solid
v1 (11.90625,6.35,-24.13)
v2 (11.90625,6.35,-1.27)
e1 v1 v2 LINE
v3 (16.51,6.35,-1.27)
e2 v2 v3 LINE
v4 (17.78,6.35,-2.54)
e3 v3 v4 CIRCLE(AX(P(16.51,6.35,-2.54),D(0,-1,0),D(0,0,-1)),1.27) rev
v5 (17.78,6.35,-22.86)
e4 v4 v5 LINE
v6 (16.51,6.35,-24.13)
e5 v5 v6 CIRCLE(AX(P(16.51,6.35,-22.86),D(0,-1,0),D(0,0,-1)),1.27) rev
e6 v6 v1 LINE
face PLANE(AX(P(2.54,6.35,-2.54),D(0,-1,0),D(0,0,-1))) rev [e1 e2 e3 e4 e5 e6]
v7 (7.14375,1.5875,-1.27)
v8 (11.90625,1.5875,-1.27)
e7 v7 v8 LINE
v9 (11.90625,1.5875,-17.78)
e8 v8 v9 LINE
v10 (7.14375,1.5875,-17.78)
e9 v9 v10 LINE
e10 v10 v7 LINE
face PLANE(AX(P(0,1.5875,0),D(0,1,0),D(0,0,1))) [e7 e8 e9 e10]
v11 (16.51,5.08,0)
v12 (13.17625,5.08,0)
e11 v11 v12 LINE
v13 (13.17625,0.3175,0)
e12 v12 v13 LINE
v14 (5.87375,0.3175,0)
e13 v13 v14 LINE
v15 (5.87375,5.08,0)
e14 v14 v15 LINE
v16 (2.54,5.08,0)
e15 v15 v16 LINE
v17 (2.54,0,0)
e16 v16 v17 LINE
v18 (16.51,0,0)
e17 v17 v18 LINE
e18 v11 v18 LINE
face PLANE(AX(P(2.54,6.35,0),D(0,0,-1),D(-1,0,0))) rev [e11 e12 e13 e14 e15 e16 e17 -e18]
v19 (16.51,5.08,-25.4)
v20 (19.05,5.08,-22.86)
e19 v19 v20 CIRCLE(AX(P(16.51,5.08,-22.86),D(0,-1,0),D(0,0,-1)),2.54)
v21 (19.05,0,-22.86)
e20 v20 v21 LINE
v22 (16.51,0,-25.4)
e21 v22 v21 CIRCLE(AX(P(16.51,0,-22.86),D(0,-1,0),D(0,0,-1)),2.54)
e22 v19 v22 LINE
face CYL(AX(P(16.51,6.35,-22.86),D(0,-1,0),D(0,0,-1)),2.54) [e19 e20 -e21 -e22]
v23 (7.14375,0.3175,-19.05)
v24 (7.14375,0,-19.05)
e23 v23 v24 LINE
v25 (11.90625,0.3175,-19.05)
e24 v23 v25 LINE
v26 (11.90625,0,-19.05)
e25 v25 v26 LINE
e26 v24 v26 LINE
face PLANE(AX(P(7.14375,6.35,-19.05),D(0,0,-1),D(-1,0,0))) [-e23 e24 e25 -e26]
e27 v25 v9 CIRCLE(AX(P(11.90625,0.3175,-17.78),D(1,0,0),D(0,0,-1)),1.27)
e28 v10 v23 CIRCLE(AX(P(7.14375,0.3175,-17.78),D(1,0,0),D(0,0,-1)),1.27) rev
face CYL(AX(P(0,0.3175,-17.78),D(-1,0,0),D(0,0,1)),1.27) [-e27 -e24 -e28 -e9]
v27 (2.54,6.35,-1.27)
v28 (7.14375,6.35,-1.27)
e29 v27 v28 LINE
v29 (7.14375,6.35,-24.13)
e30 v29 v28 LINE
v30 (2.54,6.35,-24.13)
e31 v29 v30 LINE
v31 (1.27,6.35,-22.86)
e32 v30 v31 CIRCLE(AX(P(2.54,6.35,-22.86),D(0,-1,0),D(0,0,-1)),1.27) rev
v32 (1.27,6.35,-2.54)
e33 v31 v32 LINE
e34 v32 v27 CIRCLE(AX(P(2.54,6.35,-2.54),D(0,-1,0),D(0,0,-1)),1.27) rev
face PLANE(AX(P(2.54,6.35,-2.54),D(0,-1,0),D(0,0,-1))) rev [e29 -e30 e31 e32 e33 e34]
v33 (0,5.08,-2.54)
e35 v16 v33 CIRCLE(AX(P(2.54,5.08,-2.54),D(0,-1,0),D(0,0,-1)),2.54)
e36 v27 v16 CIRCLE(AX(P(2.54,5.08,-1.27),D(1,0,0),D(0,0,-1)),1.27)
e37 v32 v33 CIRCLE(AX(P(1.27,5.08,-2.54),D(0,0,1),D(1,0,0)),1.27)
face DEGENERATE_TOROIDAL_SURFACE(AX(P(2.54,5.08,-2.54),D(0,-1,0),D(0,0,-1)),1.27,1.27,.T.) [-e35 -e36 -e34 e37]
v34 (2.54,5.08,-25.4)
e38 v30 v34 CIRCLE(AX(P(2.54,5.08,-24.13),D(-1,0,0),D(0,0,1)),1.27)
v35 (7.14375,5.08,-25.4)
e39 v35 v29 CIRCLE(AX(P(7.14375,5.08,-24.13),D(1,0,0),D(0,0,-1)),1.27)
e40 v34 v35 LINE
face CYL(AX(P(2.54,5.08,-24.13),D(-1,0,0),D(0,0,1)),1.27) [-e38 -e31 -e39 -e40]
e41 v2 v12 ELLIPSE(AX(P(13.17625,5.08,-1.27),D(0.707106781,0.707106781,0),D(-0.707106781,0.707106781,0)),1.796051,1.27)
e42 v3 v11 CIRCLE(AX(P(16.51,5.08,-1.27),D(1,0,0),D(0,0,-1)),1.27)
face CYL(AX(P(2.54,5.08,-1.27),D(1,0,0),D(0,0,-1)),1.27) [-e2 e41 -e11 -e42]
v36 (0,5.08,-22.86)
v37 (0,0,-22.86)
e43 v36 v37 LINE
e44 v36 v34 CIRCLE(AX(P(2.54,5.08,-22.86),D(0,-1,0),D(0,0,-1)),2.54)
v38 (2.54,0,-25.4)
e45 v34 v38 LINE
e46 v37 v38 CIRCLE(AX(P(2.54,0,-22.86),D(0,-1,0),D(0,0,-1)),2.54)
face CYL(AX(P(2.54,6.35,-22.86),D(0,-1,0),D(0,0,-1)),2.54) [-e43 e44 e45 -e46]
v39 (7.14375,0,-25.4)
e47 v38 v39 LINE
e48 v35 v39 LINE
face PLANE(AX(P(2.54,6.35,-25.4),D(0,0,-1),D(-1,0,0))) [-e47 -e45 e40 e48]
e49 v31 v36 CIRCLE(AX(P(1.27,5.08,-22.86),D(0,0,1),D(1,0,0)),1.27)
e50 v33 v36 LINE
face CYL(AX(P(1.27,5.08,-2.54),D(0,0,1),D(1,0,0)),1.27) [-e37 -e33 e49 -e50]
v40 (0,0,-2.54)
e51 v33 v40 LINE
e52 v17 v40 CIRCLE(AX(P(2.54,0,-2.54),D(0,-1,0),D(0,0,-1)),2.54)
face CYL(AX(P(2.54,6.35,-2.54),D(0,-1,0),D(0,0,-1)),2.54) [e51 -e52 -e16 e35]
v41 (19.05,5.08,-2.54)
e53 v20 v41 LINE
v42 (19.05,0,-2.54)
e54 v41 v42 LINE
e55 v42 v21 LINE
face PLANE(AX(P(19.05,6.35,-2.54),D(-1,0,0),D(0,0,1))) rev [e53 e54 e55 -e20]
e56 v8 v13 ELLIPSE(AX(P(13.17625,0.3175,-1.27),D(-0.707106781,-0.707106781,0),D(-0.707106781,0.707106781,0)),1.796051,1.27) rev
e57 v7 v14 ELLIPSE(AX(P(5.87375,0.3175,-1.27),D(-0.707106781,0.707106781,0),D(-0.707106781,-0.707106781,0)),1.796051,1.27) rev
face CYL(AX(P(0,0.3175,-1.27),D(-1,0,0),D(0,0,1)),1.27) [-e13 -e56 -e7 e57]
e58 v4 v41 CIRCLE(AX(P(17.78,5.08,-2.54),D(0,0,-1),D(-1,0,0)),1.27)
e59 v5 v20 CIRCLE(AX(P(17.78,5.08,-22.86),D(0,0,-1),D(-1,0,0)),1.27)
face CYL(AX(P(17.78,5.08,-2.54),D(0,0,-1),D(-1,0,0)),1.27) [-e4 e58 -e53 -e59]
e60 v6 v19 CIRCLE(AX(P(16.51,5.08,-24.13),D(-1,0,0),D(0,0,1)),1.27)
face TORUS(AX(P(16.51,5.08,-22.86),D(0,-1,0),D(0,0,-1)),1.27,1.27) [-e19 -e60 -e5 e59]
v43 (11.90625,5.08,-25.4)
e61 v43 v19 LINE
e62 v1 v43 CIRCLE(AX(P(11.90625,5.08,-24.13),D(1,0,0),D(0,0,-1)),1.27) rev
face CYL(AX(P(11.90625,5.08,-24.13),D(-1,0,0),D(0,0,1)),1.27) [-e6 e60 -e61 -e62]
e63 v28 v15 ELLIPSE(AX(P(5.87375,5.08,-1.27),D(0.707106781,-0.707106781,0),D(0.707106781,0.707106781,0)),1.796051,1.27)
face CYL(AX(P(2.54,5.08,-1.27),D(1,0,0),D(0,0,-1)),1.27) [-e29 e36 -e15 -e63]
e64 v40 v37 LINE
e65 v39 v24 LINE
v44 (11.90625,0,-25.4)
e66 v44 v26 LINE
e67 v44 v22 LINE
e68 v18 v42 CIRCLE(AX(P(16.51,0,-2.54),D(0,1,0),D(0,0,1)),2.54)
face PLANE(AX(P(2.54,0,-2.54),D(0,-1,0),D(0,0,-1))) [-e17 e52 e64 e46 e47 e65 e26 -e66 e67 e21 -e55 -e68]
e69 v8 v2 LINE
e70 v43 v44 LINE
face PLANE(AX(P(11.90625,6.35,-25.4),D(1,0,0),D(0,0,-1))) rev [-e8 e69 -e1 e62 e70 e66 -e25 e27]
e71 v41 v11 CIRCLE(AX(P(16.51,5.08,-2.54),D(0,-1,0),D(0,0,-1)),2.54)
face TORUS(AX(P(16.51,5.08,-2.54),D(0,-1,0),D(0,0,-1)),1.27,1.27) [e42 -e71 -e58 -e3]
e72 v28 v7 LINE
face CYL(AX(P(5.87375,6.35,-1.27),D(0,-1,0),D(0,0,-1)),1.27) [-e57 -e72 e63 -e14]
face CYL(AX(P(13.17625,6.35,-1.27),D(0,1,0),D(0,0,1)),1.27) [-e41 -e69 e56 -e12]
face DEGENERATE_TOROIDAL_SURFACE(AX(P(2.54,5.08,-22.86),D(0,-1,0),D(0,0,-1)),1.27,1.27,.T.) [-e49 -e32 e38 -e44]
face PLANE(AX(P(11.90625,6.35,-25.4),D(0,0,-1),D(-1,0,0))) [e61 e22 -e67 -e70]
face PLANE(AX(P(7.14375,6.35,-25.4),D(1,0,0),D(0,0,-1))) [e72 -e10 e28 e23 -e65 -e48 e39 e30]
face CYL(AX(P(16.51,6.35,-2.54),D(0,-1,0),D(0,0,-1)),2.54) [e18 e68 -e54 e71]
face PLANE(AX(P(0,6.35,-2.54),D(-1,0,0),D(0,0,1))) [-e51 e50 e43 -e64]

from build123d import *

# Parameters (mm, degrees)
BOSS_EXTRUDE1_DEPTH = 6.35
SKETCH2_W           = 4.7625
SKETCH2_H           = 19.05
CUT_EXTRUDE1_DEPTH  = 4.7625
FILLET1_R           = 1.27


with BuildPart() as part:
    # Sketch1 → Boss-Extrude1 (new body)
    with BuildSketch(Plane(origin=(0, 0, 0), x_dir=(1, 0, 0), z_dir=(0, 1, 0))):
        with BuildLine():
            Line((11.90625, 25.4), (16.51, 25.4))
            ThreePointArc((16.51, 25.4), (18.306051224, 24.656051224), (19.05, 22.86))
            Line((19.05, 22.86), (19.05, 2.54))
            ThreePointArc((19.05, 2.54), (18.306051224, 0.743948776), (16.51, 0))
            Line((16.51, 0), (2.54, 0))
            ThreePointArc((2.54, 0), (0.743948776, 0.743948776), (0, 2.54))
            Line((0, 2.54), (0, 22.86))
            ThreePointArc((0, 22.86), (0.743948776, 24.656051224), (2.54, 25.4))
            Line((2.54, 25.4), (7.14375, 25.4))
            Line((7.14375, 25.4), (7.14375, 19.05))
            Line((7.14375, 19.05), (11.90625, 19.05))
            Line((11.90625, 19.05), (11.90625, 25.4))
        make_face()
    extrude(amount=BOSS_EXTRUDE1_DEPTH)

    # Sketch2 → Cut-Extrude1 (cut)
    with BuildSketch(Plane(origin=(0, 6.35, 0), x_dir=(1, 0, 0), z_dir=(0, 1, 0))):
        with Locations((9.525, 9.525)):
            Rectangle(SKETCH2_W, SKETCH2_H)
    extrude(amount=-CUT_EXTRUDE1_DEPTH, mode=Mode.SUBTRACT)

    # Fillet1
    fillet1_edges = [part.edges().sort_by_distance(p)[0] for p in [
        (0.743948776, 6.35, -24.656051224),
        (4.841875, 6.35, -25.4),
        (14.208125, 6.35, -25.4),
        (14.208125, 6.35, 0),
        (18.306051224, 6.35, -24.656051224),
        (7.14375, 3.96875, 0),
        (9.525, 1.5875, -19.05),
        (9.525, 1.5875, 0),
        (11.90625, 3.96875, 0),
        (19.05, 6.35, -12.7),
        (18.306051224, 6.35, -0.743948776),
        (4.841875, 6.35, 0),
        (0.743948776, 6.35, -0.743948776),
        (0, 6.35, -12.7),
    ]]
    fillet(fillet1_edges, radius=FILLET1_R)


solid = part.part
